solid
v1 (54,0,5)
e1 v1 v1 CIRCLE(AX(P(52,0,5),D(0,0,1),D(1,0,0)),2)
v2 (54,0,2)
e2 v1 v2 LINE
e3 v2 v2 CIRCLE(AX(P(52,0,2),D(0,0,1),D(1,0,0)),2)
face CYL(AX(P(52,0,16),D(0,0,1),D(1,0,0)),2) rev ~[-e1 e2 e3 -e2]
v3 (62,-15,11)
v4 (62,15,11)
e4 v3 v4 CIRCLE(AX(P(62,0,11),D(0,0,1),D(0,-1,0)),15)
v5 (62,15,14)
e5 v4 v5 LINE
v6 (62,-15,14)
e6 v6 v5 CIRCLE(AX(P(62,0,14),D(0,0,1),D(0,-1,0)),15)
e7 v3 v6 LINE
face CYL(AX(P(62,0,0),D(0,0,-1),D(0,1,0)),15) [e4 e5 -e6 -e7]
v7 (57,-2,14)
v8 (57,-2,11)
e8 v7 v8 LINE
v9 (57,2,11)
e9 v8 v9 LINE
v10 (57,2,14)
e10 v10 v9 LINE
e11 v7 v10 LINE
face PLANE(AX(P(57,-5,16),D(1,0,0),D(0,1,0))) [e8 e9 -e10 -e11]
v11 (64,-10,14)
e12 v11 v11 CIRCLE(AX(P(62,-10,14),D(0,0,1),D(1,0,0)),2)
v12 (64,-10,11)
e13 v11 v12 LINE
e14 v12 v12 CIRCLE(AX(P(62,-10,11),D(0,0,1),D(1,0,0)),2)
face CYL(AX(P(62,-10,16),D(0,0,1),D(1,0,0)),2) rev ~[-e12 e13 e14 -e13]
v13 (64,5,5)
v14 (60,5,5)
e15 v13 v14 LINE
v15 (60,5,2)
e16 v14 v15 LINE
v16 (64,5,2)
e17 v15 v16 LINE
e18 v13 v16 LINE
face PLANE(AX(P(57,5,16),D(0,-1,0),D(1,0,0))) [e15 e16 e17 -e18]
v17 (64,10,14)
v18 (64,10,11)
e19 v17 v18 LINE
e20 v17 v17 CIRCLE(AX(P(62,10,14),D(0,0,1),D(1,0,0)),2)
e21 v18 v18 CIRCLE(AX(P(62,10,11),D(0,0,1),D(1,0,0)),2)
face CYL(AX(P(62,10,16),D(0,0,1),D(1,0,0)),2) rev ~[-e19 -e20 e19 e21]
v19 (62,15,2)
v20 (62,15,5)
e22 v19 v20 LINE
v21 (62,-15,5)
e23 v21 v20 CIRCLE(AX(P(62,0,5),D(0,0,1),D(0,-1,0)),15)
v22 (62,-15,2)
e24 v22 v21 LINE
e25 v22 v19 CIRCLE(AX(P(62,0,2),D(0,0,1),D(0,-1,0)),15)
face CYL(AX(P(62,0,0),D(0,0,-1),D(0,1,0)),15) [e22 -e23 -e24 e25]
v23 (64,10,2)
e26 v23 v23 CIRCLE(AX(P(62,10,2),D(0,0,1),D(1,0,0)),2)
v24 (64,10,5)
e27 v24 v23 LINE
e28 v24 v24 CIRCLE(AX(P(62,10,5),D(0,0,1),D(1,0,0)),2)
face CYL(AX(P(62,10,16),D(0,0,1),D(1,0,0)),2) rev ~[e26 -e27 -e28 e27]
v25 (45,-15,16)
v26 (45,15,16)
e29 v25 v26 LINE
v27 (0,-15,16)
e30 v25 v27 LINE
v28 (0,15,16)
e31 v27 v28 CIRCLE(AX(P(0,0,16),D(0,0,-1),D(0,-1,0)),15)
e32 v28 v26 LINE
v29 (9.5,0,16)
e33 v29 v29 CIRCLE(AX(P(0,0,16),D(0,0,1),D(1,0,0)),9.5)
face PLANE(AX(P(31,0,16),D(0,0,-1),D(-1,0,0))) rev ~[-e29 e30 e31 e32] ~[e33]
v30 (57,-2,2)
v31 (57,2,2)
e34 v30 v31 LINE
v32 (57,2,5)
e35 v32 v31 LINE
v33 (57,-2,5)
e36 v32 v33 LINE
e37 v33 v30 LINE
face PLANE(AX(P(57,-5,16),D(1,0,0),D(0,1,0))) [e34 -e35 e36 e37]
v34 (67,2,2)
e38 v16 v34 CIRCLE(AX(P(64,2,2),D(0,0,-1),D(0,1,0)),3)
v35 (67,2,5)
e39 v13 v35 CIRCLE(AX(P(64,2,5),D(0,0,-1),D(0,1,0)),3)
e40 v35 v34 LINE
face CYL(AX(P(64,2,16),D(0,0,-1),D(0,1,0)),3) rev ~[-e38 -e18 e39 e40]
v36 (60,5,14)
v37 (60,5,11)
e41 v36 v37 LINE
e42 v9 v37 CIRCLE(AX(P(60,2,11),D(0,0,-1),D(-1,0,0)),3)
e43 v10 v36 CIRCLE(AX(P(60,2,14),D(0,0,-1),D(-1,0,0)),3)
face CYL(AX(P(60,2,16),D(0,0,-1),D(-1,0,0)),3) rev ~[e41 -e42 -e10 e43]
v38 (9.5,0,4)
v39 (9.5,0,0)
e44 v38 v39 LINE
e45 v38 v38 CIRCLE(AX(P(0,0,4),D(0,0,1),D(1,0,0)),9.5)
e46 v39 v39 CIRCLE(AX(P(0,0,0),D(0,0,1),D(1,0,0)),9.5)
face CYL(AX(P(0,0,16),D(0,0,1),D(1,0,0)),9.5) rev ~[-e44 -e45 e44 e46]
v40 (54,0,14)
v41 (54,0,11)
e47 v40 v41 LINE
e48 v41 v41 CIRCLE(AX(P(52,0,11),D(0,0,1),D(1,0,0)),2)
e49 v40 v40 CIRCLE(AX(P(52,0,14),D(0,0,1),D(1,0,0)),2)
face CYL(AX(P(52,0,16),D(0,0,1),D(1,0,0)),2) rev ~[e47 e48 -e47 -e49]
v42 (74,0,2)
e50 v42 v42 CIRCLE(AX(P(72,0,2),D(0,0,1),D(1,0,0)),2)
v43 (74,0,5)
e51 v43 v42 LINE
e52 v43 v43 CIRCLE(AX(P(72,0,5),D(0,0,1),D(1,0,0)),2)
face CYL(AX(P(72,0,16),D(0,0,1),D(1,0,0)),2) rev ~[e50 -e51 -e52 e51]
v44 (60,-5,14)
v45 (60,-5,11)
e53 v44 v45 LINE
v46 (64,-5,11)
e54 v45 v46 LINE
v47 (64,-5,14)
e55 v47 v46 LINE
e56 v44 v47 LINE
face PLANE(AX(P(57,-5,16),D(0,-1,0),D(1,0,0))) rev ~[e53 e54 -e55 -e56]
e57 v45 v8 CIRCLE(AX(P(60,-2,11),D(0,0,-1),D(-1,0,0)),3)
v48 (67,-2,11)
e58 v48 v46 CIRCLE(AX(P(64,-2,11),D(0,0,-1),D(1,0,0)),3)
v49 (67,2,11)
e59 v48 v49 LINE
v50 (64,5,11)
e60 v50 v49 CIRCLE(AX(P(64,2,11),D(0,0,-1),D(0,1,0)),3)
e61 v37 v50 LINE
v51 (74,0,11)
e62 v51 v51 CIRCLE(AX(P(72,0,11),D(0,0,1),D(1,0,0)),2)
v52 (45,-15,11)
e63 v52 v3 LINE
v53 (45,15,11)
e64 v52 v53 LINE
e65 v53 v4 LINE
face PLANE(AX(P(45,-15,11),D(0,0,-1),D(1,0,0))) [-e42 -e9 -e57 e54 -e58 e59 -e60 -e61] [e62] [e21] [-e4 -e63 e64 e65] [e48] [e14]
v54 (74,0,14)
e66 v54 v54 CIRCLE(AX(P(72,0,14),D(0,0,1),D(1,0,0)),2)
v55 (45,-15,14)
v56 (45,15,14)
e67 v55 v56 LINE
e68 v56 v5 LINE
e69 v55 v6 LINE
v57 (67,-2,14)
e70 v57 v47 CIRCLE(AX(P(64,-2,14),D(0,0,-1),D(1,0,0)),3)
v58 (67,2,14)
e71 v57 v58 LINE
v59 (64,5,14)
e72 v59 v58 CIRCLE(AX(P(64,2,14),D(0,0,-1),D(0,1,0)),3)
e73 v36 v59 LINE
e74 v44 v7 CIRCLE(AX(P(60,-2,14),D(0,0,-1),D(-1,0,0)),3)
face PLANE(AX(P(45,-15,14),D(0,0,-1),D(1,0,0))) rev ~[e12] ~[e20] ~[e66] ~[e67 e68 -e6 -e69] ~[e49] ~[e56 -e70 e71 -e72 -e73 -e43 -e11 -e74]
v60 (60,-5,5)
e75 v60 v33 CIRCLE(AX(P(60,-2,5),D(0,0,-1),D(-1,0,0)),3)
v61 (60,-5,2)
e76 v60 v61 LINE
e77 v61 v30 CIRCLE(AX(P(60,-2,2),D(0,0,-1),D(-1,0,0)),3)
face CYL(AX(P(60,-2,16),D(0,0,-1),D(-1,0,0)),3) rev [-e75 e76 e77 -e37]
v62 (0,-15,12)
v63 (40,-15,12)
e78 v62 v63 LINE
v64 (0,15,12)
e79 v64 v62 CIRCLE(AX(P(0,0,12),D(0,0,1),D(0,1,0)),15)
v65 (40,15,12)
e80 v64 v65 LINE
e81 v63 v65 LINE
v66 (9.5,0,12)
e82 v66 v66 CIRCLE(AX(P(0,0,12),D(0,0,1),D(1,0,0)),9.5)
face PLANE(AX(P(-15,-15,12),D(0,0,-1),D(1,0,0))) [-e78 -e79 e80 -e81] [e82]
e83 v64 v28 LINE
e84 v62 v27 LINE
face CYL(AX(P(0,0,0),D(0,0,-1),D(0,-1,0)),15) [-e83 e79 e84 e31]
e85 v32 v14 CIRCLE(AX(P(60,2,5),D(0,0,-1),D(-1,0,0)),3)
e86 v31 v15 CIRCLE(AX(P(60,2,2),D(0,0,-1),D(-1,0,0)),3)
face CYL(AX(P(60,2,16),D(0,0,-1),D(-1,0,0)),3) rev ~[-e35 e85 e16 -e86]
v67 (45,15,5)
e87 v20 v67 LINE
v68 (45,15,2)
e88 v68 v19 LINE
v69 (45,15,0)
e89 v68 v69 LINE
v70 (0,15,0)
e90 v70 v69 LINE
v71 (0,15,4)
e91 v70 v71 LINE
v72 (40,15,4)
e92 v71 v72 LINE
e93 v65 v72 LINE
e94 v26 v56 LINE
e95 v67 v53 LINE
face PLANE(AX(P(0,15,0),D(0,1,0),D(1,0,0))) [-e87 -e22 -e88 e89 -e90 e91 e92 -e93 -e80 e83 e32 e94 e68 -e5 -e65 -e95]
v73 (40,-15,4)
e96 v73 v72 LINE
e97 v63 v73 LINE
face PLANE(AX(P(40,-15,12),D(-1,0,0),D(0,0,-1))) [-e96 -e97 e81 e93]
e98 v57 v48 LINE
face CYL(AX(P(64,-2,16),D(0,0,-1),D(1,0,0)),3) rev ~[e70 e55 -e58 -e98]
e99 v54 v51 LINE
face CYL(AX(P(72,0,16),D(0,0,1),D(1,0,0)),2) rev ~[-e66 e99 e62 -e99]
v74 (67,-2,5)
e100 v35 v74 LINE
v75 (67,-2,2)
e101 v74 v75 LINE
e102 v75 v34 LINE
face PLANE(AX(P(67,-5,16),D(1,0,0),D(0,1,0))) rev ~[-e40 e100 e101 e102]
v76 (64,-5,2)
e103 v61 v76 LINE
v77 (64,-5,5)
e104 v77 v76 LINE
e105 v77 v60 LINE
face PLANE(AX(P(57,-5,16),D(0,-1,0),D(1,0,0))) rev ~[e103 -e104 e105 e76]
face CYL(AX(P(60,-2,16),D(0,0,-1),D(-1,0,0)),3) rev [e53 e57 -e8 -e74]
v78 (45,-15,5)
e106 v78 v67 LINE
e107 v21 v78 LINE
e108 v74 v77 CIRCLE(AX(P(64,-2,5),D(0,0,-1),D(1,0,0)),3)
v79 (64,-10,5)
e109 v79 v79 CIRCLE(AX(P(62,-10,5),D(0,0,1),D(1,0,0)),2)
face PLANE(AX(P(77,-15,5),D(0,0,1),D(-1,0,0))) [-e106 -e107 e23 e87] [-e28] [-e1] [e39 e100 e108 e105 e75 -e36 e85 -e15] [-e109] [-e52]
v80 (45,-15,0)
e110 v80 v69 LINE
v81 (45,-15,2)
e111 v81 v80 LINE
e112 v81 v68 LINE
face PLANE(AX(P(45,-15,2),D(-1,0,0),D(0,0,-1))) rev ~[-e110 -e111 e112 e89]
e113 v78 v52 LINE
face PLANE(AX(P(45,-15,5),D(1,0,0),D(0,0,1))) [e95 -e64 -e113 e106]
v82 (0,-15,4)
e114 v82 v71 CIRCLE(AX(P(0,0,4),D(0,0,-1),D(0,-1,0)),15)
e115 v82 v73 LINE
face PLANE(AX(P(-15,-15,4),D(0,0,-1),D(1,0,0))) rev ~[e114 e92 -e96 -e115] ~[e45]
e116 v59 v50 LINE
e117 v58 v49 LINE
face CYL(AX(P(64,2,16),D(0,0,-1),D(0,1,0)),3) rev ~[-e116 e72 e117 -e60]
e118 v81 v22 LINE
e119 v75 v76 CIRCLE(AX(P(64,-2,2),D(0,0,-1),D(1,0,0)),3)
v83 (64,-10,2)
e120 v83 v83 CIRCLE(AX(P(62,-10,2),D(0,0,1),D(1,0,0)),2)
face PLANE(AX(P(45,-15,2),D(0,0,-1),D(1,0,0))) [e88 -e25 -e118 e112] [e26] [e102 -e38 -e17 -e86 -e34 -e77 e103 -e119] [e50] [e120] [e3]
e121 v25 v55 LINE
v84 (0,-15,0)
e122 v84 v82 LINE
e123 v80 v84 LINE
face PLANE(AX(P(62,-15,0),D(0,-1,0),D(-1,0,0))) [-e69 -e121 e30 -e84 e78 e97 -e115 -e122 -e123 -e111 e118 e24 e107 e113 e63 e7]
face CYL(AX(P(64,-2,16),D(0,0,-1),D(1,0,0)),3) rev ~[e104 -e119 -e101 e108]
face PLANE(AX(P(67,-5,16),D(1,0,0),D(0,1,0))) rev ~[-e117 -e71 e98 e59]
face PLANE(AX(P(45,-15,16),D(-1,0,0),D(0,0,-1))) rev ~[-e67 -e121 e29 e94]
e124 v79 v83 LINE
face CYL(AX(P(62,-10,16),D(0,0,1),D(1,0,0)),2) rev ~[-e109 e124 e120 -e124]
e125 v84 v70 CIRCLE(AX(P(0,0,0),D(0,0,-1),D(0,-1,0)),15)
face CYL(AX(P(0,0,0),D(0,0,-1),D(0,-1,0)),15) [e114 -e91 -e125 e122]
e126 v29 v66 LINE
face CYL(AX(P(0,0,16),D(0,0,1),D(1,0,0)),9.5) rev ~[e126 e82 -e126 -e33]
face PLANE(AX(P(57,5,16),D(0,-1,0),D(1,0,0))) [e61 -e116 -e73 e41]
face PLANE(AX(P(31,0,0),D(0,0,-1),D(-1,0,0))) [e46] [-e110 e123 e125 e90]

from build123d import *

# Parameters (mm, degrees)
EXTRUDE_1_DEPTH          = 16
SKETCH_2_R               = 9.5
SKETCH_2_R_2             = 2
SKETCH_2_W               = 10
SKETCH_2_H               = 10
CUT_EXTRUDE_1_DEPTH      = 16
FILLET_1_R               = 3
CUT_EXTRUDE_5_DEPTH      = 15
CUT_EXTRUDE_5_DEPTH_BACK = 15
SKETCH_4_W               = 55
SKETCH_4_H               = 8
CUT_EXTRUDE_6_DEPTH      = 15
CUT_EXTRUDE_6_DEPTH_BACK = 15
SKETCH_5_W               = 32
SKETCH_5_H               = 2


with BuildPart() as part:
    # 草图1 → 凸台-拉伸1 (new body)
    with BuildSketch(Plane.XY):
        with BuildLine():
            Line((0, 15), (62, 15))
            ThreePointArc((62, 15), (77, 0), (62, -15))
            Line((62, -15), (0, -15))
            ThreePointArc((0, -15), (-15, 0), (0, 15))
        make_face()
    extrude(amount=EXTRUDE_1_DEPTH)

    # 草图2 → 切除-拉伸1 (cut)
    with BuildSketch(Plane.XY.offset(16)):
        Circle(SKETCH_2_R)
        with Locations((62, 10)):
            Circle(SKETCH_2_R_2)
        with Locations((72, 0)):
            Circle(SKETCH_2_R_2)
        with Locations((62, -10)):
            Circle(SKETCH_2_R_2)
        with Locations((52, 0)):
            Circle(SKETCH_2_R_2)
        with Locations((62, 0)):
            Rectangle(SKETCH_2_W, SKETCH_2_H)
    extrude(amount=-CUT_EXTRUDE_1_DEPTH, mode=Mode.SUBTRACT)

    # 圆角1
    fillet_1_edges = [part.edges().sort_by_distance(p)[0] for p in [
        (67, 5, 8),
        (67, -5, 8),
        (57, -5, 8),
        (57, 5, 8),
    ]]
    fillet(fillet_1_edges, radius=FILLET_1_R)

    # 草图4 → 切除-拉伸5 (cut, two sides: drawn at the far end of the back side and taken through both)
    with BuildSketch(Plane(origin=(0, 0, 0), x_dir=(1, 0, 0), z_dir=(0, 1, 0)).offset(-CUT_EXTRUDE_5_DEPTH_BACK)):
        with Locations((12.5, -8)):
            Rectangle(SKETCH_4_W, SKETCH_4_H)
    extrude(amount=CUT_EXTRUDE_5_DEPTH + CUT_EXTRUDE_5_DEPTH_BACK, mode=Mode.SUBTRACT)

    # 草图5 → 切除-拉伸6 (cut, two sides: drawn at the far end of the back side and taken through both)
    with BuildSketch(Plane(origin=(0, 0, 0), x_dir=(1, 0, 0), z_dir=(0, 1, 0)).offset(-CUT_EXTRUDE_6_DEPTH_BACK)):
        Polygon((45, -8), (45, -11), (77, -11), (77, -5), (45, -5), align=None)
        with Locations((61, -1)):
            Rectangle(SKETCH_5_W, SKETCH_5_H)
        with Locations((61, -15)):
            Rectangle(SKETCH_5_W, SKETCH_5_H)
    extrude(amount=CUT_EXTRUDE_6_DEPTH + CUT_EXTRUDE_6_DEPTH_BACK, mode=Mode.SUBTRACT)


solid = part.part
